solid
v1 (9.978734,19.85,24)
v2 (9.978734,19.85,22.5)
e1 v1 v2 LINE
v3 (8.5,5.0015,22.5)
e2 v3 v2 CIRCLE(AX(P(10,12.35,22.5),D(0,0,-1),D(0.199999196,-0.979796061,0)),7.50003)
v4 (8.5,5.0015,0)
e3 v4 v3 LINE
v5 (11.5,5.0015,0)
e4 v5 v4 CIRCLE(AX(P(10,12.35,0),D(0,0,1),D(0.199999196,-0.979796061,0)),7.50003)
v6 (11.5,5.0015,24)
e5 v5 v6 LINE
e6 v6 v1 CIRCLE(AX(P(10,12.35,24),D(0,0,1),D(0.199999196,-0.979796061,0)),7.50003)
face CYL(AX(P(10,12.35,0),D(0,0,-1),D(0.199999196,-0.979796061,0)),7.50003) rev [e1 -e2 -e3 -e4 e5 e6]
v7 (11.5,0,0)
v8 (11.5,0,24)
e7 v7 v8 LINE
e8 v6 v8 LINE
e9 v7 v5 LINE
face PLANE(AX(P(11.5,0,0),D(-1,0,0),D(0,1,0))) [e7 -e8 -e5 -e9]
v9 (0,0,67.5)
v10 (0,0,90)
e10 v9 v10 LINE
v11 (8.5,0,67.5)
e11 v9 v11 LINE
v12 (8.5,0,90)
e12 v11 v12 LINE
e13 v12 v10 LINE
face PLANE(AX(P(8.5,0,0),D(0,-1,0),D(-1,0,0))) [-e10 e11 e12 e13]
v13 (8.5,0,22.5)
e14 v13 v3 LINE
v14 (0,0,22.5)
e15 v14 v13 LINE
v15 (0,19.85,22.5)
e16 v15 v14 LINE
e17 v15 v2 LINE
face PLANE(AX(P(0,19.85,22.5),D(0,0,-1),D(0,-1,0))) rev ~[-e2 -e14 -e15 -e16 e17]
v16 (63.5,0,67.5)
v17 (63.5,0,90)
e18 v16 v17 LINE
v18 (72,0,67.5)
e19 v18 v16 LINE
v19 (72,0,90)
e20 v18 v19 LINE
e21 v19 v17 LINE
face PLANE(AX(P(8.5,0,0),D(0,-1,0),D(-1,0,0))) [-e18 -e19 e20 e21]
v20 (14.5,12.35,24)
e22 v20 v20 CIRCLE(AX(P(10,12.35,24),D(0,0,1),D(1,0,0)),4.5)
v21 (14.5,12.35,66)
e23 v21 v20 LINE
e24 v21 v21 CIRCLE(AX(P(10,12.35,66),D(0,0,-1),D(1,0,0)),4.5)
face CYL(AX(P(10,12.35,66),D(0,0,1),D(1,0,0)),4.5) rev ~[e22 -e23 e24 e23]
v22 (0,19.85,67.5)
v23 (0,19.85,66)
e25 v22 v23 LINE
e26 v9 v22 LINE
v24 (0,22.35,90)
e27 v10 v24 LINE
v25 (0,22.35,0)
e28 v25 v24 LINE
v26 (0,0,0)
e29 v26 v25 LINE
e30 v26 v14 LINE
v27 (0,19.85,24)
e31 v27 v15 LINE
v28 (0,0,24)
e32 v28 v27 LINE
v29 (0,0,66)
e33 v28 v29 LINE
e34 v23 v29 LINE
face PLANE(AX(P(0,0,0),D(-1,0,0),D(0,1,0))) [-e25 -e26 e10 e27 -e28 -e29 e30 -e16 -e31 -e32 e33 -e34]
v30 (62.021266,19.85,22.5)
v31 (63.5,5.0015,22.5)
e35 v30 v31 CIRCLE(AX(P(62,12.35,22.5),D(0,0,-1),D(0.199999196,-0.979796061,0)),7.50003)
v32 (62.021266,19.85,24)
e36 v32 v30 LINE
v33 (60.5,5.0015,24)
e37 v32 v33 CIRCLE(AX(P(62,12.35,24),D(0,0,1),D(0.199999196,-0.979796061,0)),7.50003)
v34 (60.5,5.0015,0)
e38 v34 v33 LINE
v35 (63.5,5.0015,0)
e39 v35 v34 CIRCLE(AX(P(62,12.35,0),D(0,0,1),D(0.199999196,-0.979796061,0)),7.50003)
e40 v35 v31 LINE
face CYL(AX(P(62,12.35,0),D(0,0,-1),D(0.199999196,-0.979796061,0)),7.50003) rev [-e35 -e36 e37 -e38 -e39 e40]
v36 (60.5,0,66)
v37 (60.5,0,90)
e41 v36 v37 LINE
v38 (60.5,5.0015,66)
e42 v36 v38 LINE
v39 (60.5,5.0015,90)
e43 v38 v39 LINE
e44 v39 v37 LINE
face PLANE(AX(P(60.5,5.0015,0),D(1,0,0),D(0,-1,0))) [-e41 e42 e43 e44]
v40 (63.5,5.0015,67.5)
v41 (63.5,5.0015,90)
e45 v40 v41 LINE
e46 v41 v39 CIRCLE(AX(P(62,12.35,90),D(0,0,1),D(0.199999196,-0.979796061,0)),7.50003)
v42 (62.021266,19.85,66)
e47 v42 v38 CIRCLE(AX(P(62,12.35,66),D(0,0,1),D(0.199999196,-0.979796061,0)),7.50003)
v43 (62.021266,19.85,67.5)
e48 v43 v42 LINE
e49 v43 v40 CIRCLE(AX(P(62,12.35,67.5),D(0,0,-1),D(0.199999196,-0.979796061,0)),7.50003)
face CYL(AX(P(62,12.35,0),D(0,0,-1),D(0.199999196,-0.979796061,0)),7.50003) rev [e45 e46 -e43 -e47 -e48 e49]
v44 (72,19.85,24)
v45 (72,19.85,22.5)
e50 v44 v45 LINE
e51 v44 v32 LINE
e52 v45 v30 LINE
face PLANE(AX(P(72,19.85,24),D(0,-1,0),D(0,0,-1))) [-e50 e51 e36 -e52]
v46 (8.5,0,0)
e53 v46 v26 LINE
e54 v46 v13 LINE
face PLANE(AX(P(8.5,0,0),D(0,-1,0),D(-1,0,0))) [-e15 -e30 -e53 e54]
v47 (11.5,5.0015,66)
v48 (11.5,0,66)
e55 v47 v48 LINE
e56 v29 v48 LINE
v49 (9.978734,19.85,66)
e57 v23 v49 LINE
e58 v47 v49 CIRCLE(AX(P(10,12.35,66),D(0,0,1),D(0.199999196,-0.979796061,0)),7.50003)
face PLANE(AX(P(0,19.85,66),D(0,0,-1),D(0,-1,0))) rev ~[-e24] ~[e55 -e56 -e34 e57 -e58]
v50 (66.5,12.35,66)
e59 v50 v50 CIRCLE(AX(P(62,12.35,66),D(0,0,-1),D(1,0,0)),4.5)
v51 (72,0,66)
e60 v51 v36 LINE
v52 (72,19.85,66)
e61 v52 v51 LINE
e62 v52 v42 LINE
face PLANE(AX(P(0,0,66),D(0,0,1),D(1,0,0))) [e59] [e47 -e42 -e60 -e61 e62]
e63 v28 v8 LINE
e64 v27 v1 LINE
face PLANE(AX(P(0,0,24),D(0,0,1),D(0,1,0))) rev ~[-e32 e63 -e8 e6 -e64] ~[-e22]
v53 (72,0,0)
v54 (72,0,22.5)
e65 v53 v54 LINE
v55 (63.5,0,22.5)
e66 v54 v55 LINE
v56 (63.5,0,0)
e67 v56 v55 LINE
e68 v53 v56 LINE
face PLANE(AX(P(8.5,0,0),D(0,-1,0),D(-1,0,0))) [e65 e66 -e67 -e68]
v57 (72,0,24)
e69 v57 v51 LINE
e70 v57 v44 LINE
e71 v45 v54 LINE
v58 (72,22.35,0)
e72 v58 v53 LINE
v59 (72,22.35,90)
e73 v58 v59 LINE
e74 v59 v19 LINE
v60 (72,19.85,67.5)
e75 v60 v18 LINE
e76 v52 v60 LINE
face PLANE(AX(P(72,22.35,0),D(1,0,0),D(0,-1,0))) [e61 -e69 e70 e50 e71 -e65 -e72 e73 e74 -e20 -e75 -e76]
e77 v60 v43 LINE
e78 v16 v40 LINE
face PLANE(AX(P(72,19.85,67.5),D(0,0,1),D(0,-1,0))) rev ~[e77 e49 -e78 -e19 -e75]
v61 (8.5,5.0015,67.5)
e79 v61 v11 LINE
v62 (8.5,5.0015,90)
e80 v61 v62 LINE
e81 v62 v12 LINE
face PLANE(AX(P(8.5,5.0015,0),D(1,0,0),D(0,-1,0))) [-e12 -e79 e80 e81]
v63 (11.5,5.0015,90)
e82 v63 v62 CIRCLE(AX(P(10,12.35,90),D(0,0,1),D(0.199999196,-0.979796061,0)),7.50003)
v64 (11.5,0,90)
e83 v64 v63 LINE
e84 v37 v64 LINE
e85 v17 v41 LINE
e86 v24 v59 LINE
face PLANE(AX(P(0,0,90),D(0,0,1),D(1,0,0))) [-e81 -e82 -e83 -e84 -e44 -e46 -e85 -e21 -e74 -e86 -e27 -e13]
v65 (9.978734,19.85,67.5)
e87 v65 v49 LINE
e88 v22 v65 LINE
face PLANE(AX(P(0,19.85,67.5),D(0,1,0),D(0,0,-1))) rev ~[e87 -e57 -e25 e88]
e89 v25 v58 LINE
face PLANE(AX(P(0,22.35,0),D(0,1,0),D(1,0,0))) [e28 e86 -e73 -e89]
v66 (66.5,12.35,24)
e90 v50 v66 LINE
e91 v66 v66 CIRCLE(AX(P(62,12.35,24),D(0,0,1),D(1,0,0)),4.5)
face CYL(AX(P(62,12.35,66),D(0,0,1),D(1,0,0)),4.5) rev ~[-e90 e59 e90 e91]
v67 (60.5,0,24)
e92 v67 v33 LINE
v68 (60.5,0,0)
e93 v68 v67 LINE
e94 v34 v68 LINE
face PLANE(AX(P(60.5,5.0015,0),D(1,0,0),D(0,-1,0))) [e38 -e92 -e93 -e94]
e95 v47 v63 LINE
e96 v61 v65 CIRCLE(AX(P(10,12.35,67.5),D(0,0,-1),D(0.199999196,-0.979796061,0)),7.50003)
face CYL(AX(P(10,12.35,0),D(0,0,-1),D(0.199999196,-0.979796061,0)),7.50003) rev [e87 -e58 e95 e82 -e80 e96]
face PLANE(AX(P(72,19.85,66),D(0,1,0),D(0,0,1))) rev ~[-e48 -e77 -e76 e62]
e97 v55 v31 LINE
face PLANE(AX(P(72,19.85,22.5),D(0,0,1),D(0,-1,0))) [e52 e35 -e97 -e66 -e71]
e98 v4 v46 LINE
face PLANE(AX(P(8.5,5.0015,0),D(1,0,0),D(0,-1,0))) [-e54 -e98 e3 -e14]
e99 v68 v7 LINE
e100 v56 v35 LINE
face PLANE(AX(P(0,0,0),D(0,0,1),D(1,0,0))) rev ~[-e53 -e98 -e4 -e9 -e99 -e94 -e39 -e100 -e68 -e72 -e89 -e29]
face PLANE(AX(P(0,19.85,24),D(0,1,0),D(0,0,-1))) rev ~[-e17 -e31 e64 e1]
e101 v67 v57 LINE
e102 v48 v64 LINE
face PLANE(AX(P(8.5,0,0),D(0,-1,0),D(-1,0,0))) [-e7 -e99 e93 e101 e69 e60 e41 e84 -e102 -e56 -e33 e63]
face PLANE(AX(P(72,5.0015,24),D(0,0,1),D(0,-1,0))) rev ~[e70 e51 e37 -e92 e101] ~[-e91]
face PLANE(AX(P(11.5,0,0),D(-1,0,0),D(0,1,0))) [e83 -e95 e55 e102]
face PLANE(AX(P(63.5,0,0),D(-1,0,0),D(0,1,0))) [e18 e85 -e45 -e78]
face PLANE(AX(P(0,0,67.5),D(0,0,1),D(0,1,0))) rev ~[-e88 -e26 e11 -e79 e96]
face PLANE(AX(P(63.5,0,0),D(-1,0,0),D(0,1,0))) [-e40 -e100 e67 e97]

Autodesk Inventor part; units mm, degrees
ref_plane "YZ Plane" through (0, 0, 0) normal (1, 0, 0) x (0, 1, 0)
sketch "Sketch1" plane through (0, 0, 0) normal (0, 0, 1) x (1, 0, 0)
  line L0 (0, 0) -> (0, 22.35)
  line L1 (0, 22.35) -> (72, 22.35)
  line L2 (72, 22.35) -> (72, 0)
  arc A0 (11.5, 5.0015) -> (8.5, 5.0015) centre (10, 12.35) ccw
  arc A1 (63.5, 5.0015) -> (60.5, 5.0015) centre (62, 12.35) ccw
  line L3 (72, 0) -> (63.5, 0)
  line L4 (63.5, 0) -> (63.5, 5.0015)
  line L5 (60.5, 5.0015) -> (60.5, 0)
  line L6 (60.5, 0) -> (11.5, 0)
  line L7 (11.5, 0) -> (11.5, 5.0015)
  line L8 (8.5, 5.0015) -> (8.5, 0)
  line L9 (8.5, 0) -> (0, 0)
  dimension "d0" = 22.35
  dimension "d1" = 72
  dimension "d2" = 15
  dimension "d4" = 10
  dimension "d5" = 10
  dimension "d6" = 10
  dimension "d7" = 3
  dimension "d8" = 3
extrude "Extrusion1" add sketch "Sketch1" along normal blind 90
ref_plane "Work Plane1" through (0, 0, 66) normal (0, 0, 1) x (1, 0, 0)
sketch "Sketch2" plane through (0, 0, 66) normal (0, 0, 1) x (1, 0, 0)
  line L0 (0, 22.35) -> (0, 0) projected
  line L1 (0, 0) -> (8.5, 0) projected
  line L2 (8.5, 0) -> (8.5, 5.0015) projected
  arc A0 (11.5, 5.0015) -> (8.5, 5.0015) centre (10, 12.35) ccw projected
  line L3 (11.5, 5.0015) -> (11.5, 0) projected
  line L4 (11.5, 0) -> (60.5, 0) projected
  line L5 (60.5, 0) -> (60.5, 5.0015) projected
  arc A1 (63.5, 5.0015) -> (60.5, 5.0015) centre (62, 12.35) ccw projected
  line L6 (63.5, 5.0015) -> (63.5, 0) projected
  line L7 (63.5, 0) -> (72, 0) projected
  line L8 (72, 0) -> (72, 22.35) projected
  line L9 (72, 22.35) -> (0, 22.35) projected
  line L10 (8.5, 0) -> (11.5, 0)
  line L11 (11.5, 0) -> (60.5, 0)
  line L12 (60.5, 0) -> (63.5, 0)
ref_plane "Work Plane2" through (0, 0, 24) normal (0, 0, -1) x (-1, 0, 0)
extrude "Extrusion2" add sketch "Sketch2" against normal up to surface (42 mm away) contours L2 A0 L3 L10 | L12 L5 A1 L6
sketch "Sketch3" plane through (0, 0, 66) normal (0, 0, 1) x (1, 0, 0)
  arc A0 (11.5, 5.0015) -> (8.5, 5.0015) centre (10, 12.35) ccw projected
  line L0 (60.5, 0) -> (63.5, 0) projected
  line L1 (63.5, 5.0015) -> (63.5, 0) projected
  arc A1 (63.5, 5.0015) -> (60.5, 5.0015) centre (62, 12.35) ccw projected
  line L2 (60.5, 0) -> (60.5, 5.0015) projected
  circle A2 centre (10, 12.35) radius 4.5
  circle A3 centre (62, 12.35) radius 4.5
  point P0 (0, 0)
  dimension "d15" = 9
  dimension "d16" = 9
extrude "Extrusion3" cut sketch "Sketch3" against normal up to surface (42 mm away) contours A2 | A3
sketch "Sketch4" plane through (72, 0, 0) normal (1, 0, 0) x (0, 0, -1)
  line L0 (0, 22.35) -> (0, 0) projected
  line L1 (0, 22.35) -> (-90, 22.35) projected
  line L2 (-90, 0) -> (-90, 22.35) projected
  line L3 (0, 0) -> (-90, 0) projected
  line L4 (-66, 5.0015) -> (-66, 19.85) projected
  line L5 (-24, 19.85) -> (-24, 5.0015) projected
  line L6 (-66, 19.85) -> (-67.5, 19.85)
  line L7 (-90, 19.85) -> (-66, 19.85) projected
  line L8 (-67.5, 19.85) -> (-67.5, 0)
  line L9 (0, 0) -> (-90, 0) projected
  line L10 (-66, 5.0015) -> (-66, 0)
  line L11 (-66, 0) -> (-66, 5.0015) projected
  line L12 (-24, 19.85) -> (-22.5, 19.85)
  line L13 (-24, 19.85) -> (0, 19.85) projected
  line L14 (-22.5, 19.85) -> (-22.5, 0)
  line L15 (-24, 5.0015) -> (-24, 0)
  line L16 (-24, 5.0015) -> (-24, 0) projected
  dimension "d19" = 1.5
  dimension "d20" = 1.5
extrude "Extrusion4" cut sketch "Sketch4" against normal blind 10 contours L14 L3 L15 L5 L12 | L6 L4 L10 L3 L8
sketch "Sketch5" plane through (0, 0, 0) normal (-1, 0, 0) x (0, 0, 1)
  line L0 (0, 0) -> (90, 0) projected
  line L1 (67.5, 0) -> (67.5, 19.85) projected
  line L2 (67.5, 19.85) -> (66, 19.85) projected
  line L3 (66, 19.85) -> (66, 0) projected
  line L4 (24, 0) -> (24, 19.85) projected
  line L5 (24, 19.85) -> (22.5, 19.85) projected
  line L6 (22.5, 19.85) -> (22.5, 0) projected
extrude "Extrusion5" cut sketch "Sketch5" against normal blind 10
properties part number "XCarriageHexagon"
